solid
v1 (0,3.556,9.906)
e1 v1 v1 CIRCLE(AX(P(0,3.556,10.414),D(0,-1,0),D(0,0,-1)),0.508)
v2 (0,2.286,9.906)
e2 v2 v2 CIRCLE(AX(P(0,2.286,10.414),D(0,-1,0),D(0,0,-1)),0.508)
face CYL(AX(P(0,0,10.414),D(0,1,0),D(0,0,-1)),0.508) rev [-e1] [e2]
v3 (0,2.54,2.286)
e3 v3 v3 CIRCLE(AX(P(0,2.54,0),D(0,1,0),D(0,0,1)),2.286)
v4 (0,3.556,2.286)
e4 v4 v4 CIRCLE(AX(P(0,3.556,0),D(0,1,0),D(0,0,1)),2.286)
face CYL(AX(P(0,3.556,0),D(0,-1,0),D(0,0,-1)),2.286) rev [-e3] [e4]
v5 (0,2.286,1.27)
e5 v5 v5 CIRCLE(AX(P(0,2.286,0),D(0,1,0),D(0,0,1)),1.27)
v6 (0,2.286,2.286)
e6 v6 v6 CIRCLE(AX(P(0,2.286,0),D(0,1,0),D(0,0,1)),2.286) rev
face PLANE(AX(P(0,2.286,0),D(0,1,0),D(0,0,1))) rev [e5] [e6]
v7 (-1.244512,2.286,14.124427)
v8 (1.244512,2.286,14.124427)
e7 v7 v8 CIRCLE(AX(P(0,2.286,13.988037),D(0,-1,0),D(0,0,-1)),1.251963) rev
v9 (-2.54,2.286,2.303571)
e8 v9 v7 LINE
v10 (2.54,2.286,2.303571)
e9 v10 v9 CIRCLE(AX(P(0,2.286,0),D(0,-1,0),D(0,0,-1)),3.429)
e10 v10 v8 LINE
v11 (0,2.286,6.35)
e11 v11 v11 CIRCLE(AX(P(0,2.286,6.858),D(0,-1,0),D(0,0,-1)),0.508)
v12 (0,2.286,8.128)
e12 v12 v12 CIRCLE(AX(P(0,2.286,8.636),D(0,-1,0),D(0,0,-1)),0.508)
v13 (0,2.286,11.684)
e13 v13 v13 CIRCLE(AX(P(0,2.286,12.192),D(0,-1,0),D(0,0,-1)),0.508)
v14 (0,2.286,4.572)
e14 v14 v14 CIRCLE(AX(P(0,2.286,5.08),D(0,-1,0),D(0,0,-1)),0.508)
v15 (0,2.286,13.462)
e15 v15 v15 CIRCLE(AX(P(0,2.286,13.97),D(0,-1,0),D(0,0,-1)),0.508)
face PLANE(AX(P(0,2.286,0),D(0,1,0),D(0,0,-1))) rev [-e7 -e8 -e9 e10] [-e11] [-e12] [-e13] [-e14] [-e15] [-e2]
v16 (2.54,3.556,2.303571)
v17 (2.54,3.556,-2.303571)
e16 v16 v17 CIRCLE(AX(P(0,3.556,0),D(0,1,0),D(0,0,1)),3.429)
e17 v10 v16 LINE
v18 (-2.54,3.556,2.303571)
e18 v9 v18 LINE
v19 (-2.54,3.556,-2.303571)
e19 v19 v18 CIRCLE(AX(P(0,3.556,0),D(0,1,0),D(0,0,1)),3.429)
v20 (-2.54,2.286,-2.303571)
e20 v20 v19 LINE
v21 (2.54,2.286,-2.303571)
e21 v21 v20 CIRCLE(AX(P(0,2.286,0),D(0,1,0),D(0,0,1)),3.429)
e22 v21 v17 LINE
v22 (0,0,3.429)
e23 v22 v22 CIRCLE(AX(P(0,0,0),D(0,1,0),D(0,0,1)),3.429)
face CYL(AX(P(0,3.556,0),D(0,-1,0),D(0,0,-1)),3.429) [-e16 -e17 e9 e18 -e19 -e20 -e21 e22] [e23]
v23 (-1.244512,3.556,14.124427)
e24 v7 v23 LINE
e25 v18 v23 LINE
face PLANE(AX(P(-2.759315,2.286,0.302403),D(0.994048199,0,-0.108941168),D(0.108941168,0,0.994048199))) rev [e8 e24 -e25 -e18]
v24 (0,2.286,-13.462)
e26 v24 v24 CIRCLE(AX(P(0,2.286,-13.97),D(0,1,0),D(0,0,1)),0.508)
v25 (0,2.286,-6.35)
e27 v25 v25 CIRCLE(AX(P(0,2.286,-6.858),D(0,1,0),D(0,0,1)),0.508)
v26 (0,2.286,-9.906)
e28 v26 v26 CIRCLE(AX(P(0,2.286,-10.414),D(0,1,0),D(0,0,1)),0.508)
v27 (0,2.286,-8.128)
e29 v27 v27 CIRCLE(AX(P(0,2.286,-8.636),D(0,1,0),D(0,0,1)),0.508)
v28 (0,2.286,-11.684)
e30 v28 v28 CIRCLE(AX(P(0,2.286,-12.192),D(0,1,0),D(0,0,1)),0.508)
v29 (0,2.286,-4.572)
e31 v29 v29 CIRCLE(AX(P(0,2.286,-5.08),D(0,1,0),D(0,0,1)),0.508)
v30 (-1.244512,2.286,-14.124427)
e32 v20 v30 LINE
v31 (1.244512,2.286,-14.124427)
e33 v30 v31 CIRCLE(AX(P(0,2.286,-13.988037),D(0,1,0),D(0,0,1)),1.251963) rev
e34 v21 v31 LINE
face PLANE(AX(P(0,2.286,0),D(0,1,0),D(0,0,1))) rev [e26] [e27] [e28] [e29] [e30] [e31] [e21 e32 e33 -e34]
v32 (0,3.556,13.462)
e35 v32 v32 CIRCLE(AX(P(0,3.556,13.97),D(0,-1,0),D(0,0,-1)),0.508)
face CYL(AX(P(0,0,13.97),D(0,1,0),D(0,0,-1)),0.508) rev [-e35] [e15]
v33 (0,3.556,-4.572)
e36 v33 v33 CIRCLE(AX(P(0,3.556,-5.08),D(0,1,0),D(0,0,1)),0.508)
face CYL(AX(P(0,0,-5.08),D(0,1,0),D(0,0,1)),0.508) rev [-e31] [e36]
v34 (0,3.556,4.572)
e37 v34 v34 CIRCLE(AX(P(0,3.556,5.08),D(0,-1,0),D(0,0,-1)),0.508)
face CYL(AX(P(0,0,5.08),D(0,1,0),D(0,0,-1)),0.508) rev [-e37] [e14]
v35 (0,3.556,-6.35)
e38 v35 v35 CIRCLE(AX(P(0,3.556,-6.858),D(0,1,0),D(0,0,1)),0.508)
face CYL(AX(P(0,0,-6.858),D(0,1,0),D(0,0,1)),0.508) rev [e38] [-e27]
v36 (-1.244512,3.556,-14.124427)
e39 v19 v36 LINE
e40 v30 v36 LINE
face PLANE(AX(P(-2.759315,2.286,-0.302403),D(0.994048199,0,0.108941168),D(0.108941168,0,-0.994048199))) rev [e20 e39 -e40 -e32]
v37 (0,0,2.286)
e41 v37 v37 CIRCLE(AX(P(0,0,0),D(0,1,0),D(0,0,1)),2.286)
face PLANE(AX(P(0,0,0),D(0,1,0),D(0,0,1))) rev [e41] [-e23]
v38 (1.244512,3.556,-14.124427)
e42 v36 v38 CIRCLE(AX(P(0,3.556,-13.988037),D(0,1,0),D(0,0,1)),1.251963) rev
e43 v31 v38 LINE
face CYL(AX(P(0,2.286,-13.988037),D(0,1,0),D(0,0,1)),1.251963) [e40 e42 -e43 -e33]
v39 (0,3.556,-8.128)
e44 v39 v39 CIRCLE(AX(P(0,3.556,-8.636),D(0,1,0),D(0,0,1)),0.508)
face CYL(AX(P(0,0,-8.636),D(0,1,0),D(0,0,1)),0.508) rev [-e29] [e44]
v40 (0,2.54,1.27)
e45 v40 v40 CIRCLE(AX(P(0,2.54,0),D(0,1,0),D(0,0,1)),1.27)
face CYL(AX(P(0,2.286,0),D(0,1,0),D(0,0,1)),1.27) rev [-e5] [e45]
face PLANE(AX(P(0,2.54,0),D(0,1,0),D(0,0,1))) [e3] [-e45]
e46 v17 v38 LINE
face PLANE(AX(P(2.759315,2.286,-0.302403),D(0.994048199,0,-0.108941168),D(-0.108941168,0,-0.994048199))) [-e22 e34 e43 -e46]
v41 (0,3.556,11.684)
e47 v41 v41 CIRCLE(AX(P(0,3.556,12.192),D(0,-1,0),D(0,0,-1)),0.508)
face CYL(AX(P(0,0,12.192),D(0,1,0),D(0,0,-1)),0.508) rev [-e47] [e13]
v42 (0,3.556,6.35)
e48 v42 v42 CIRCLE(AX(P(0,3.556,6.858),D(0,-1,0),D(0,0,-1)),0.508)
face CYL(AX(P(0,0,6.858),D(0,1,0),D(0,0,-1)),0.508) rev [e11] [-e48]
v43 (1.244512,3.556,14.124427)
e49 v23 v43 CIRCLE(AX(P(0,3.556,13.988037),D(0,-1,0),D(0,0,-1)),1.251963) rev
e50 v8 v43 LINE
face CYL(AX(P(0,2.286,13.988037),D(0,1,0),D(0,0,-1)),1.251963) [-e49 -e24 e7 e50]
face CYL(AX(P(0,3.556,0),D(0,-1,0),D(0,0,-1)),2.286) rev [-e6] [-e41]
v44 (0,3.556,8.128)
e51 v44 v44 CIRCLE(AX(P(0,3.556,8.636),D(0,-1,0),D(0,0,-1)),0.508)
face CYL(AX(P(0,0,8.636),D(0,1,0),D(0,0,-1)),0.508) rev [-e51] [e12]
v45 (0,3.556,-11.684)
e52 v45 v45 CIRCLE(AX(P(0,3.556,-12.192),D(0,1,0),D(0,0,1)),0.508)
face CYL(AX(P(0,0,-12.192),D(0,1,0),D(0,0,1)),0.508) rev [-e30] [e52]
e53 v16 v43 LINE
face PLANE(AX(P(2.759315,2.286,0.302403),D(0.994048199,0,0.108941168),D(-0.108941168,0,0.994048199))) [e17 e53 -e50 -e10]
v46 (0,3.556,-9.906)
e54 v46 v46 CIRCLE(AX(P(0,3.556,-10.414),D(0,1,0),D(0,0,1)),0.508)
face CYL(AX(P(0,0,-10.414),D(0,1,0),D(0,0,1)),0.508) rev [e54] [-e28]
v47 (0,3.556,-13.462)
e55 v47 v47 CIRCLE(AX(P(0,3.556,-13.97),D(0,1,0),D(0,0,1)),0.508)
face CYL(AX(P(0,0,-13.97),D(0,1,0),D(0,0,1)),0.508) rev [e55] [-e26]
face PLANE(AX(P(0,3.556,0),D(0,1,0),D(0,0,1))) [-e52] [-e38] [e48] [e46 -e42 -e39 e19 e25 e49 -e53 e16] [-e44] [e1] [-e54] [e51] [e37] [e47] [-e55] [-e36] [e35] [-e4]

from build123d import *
from build123d.topology import SkipClean

# Parameters (mm, degrees)
SKETCH1_R               = 3.429
SKETCH1_R_2             = 2.286
BOSS_EXTRUDE1_DEPTH     = 3.556
BOSS_EXTRUDE2_START     = -1.27
BOSS_EXTRUDE2_DEPTH     = 1.27
BOSS_EXTRUDE3_START     = -1.27
SKETCH2_3_R             = 2.286
SKETCH2_3_R_2           = 1.27
BOSS_EXTRUDE3_DEPTH     = 0.254
SKETCH3_R               = 0.508
CUT_EXTRUDE1_DEPTH      = 17.020635974
LPATTERN1_COUNT         = 6
LPATTERN1_PITCH         = 1.778
CUT_EXTRUDE2_DEPTH      = 17.020635974
CUT_EXTRUDE2_DEPTH_BACK = 17.020635974
SKETCH4_W               = 4.326879353
SKETCH4_H               = 6.724216597


with BuildPart() as part:
    # Sketch1 → Boss-Extrude1 (new body)
    with BuildSketch(Plane(origin=(0, 0, 0), x_dir=(1, 0, 0), z_dir=(0, 1, 0))):
        Circle(SKETCH1_R)
        Circle(SKETCH1_R_2, mode=Mode.SUBTRACT)
    extrude(amount=BOSS_EXTRUDE1_DEPTH)

    # Sketch2 → Boss-Extrude2 (add)
    with BuildSketch(Plane(origin=(0, 3.556, 0), x_dir=(1, 0, 0), z_dir=(0, 1, 0)).offset(BOSS_EXTRUDE2_START)):
        with BuildLine():
            ThreePointArc((-2.54, 2.303571358), (0, 3.429), (2.54, 2.303571358))
            Line((2.54, 2.303571358), (1.244511661, 14.124427226))
            ThreePointArc((1.244511661, 14.124427226), (0, 15.24), (-1.244511661, 14.124427226))
            Line((-1.244511661, 14.124427226), (-2.54, 2.303571358))
        make_face()
    extrude(amount=BOSS_EXTRUDE2_DEPTH)

    # Sketch2<3> → Boss-Extrude3 (add)
    with BuildSketch(Plane(origin=(0, 3.556, 0), x_dir=(1, 0, 0), z_dir=(0, 1, 0)).offset(BOSS_EXTRUDE3_START)):
        Circle(SKETCH2_3_R)
        Circle(SKETCH2_3_R_2, mode=Mode.SUBTRACT)
    extrude(amount=BOSS_EXTRUDE3_DEPTH)

    # Sketch3 → Cut-Extrude1 (cut, through all)
    with BuildSketch(Plane(origin=(0, 3.556, 0), x_dir=(1, 0, 0), z_dir=(0, 1, 0))):
        with Locations((0, 5.08)):
            Circle(SKETCH3_R)
    cut_extrude1 = extrude(amount=-CUT_EXTRUDE1_DEPTH, mode=Mode.SUBTRACT)

    # LPattern1: Cut-Extrude1 ×6
    with Locations(*[(0, 0, -i * LPATTERN1_PITCH) for i in range(1, LPATTERN1_COUNT)]):
        add(cut_extrude1, mode=Mode.SUBTRACT)

    # Sketch4 → Cut-Extrude2 (cut, two sides: drawn at the far end of the back side and taken through both)
    with BuildSketch(Plane(origin=(0, 0, 0), x_dir=(0, 0, -1), z_dir=(1, 0, 0)).offset(-CUT_EXTRUDE2_DEPTH_BACK)):
        with Locations((-2.163439677, 3.362108299)):
            Rectangle(SKETCH4_W, SKETCH4_H)
    extrude(amount=CUT_EXTRUDE2_DEPTH + CUT_EXTRUDE2_DEPTH_BACK, mode=Mode.SUBTRACT)

    # Mirror1: part across plane


with BuildPart() as part_1:
    with SkipClean():  # the faces are left unmerged after this step: merging them gives an invalid solid
        add(part.part)
        add(part.part.mirror(Plane.XY))


solid = part_1.part
